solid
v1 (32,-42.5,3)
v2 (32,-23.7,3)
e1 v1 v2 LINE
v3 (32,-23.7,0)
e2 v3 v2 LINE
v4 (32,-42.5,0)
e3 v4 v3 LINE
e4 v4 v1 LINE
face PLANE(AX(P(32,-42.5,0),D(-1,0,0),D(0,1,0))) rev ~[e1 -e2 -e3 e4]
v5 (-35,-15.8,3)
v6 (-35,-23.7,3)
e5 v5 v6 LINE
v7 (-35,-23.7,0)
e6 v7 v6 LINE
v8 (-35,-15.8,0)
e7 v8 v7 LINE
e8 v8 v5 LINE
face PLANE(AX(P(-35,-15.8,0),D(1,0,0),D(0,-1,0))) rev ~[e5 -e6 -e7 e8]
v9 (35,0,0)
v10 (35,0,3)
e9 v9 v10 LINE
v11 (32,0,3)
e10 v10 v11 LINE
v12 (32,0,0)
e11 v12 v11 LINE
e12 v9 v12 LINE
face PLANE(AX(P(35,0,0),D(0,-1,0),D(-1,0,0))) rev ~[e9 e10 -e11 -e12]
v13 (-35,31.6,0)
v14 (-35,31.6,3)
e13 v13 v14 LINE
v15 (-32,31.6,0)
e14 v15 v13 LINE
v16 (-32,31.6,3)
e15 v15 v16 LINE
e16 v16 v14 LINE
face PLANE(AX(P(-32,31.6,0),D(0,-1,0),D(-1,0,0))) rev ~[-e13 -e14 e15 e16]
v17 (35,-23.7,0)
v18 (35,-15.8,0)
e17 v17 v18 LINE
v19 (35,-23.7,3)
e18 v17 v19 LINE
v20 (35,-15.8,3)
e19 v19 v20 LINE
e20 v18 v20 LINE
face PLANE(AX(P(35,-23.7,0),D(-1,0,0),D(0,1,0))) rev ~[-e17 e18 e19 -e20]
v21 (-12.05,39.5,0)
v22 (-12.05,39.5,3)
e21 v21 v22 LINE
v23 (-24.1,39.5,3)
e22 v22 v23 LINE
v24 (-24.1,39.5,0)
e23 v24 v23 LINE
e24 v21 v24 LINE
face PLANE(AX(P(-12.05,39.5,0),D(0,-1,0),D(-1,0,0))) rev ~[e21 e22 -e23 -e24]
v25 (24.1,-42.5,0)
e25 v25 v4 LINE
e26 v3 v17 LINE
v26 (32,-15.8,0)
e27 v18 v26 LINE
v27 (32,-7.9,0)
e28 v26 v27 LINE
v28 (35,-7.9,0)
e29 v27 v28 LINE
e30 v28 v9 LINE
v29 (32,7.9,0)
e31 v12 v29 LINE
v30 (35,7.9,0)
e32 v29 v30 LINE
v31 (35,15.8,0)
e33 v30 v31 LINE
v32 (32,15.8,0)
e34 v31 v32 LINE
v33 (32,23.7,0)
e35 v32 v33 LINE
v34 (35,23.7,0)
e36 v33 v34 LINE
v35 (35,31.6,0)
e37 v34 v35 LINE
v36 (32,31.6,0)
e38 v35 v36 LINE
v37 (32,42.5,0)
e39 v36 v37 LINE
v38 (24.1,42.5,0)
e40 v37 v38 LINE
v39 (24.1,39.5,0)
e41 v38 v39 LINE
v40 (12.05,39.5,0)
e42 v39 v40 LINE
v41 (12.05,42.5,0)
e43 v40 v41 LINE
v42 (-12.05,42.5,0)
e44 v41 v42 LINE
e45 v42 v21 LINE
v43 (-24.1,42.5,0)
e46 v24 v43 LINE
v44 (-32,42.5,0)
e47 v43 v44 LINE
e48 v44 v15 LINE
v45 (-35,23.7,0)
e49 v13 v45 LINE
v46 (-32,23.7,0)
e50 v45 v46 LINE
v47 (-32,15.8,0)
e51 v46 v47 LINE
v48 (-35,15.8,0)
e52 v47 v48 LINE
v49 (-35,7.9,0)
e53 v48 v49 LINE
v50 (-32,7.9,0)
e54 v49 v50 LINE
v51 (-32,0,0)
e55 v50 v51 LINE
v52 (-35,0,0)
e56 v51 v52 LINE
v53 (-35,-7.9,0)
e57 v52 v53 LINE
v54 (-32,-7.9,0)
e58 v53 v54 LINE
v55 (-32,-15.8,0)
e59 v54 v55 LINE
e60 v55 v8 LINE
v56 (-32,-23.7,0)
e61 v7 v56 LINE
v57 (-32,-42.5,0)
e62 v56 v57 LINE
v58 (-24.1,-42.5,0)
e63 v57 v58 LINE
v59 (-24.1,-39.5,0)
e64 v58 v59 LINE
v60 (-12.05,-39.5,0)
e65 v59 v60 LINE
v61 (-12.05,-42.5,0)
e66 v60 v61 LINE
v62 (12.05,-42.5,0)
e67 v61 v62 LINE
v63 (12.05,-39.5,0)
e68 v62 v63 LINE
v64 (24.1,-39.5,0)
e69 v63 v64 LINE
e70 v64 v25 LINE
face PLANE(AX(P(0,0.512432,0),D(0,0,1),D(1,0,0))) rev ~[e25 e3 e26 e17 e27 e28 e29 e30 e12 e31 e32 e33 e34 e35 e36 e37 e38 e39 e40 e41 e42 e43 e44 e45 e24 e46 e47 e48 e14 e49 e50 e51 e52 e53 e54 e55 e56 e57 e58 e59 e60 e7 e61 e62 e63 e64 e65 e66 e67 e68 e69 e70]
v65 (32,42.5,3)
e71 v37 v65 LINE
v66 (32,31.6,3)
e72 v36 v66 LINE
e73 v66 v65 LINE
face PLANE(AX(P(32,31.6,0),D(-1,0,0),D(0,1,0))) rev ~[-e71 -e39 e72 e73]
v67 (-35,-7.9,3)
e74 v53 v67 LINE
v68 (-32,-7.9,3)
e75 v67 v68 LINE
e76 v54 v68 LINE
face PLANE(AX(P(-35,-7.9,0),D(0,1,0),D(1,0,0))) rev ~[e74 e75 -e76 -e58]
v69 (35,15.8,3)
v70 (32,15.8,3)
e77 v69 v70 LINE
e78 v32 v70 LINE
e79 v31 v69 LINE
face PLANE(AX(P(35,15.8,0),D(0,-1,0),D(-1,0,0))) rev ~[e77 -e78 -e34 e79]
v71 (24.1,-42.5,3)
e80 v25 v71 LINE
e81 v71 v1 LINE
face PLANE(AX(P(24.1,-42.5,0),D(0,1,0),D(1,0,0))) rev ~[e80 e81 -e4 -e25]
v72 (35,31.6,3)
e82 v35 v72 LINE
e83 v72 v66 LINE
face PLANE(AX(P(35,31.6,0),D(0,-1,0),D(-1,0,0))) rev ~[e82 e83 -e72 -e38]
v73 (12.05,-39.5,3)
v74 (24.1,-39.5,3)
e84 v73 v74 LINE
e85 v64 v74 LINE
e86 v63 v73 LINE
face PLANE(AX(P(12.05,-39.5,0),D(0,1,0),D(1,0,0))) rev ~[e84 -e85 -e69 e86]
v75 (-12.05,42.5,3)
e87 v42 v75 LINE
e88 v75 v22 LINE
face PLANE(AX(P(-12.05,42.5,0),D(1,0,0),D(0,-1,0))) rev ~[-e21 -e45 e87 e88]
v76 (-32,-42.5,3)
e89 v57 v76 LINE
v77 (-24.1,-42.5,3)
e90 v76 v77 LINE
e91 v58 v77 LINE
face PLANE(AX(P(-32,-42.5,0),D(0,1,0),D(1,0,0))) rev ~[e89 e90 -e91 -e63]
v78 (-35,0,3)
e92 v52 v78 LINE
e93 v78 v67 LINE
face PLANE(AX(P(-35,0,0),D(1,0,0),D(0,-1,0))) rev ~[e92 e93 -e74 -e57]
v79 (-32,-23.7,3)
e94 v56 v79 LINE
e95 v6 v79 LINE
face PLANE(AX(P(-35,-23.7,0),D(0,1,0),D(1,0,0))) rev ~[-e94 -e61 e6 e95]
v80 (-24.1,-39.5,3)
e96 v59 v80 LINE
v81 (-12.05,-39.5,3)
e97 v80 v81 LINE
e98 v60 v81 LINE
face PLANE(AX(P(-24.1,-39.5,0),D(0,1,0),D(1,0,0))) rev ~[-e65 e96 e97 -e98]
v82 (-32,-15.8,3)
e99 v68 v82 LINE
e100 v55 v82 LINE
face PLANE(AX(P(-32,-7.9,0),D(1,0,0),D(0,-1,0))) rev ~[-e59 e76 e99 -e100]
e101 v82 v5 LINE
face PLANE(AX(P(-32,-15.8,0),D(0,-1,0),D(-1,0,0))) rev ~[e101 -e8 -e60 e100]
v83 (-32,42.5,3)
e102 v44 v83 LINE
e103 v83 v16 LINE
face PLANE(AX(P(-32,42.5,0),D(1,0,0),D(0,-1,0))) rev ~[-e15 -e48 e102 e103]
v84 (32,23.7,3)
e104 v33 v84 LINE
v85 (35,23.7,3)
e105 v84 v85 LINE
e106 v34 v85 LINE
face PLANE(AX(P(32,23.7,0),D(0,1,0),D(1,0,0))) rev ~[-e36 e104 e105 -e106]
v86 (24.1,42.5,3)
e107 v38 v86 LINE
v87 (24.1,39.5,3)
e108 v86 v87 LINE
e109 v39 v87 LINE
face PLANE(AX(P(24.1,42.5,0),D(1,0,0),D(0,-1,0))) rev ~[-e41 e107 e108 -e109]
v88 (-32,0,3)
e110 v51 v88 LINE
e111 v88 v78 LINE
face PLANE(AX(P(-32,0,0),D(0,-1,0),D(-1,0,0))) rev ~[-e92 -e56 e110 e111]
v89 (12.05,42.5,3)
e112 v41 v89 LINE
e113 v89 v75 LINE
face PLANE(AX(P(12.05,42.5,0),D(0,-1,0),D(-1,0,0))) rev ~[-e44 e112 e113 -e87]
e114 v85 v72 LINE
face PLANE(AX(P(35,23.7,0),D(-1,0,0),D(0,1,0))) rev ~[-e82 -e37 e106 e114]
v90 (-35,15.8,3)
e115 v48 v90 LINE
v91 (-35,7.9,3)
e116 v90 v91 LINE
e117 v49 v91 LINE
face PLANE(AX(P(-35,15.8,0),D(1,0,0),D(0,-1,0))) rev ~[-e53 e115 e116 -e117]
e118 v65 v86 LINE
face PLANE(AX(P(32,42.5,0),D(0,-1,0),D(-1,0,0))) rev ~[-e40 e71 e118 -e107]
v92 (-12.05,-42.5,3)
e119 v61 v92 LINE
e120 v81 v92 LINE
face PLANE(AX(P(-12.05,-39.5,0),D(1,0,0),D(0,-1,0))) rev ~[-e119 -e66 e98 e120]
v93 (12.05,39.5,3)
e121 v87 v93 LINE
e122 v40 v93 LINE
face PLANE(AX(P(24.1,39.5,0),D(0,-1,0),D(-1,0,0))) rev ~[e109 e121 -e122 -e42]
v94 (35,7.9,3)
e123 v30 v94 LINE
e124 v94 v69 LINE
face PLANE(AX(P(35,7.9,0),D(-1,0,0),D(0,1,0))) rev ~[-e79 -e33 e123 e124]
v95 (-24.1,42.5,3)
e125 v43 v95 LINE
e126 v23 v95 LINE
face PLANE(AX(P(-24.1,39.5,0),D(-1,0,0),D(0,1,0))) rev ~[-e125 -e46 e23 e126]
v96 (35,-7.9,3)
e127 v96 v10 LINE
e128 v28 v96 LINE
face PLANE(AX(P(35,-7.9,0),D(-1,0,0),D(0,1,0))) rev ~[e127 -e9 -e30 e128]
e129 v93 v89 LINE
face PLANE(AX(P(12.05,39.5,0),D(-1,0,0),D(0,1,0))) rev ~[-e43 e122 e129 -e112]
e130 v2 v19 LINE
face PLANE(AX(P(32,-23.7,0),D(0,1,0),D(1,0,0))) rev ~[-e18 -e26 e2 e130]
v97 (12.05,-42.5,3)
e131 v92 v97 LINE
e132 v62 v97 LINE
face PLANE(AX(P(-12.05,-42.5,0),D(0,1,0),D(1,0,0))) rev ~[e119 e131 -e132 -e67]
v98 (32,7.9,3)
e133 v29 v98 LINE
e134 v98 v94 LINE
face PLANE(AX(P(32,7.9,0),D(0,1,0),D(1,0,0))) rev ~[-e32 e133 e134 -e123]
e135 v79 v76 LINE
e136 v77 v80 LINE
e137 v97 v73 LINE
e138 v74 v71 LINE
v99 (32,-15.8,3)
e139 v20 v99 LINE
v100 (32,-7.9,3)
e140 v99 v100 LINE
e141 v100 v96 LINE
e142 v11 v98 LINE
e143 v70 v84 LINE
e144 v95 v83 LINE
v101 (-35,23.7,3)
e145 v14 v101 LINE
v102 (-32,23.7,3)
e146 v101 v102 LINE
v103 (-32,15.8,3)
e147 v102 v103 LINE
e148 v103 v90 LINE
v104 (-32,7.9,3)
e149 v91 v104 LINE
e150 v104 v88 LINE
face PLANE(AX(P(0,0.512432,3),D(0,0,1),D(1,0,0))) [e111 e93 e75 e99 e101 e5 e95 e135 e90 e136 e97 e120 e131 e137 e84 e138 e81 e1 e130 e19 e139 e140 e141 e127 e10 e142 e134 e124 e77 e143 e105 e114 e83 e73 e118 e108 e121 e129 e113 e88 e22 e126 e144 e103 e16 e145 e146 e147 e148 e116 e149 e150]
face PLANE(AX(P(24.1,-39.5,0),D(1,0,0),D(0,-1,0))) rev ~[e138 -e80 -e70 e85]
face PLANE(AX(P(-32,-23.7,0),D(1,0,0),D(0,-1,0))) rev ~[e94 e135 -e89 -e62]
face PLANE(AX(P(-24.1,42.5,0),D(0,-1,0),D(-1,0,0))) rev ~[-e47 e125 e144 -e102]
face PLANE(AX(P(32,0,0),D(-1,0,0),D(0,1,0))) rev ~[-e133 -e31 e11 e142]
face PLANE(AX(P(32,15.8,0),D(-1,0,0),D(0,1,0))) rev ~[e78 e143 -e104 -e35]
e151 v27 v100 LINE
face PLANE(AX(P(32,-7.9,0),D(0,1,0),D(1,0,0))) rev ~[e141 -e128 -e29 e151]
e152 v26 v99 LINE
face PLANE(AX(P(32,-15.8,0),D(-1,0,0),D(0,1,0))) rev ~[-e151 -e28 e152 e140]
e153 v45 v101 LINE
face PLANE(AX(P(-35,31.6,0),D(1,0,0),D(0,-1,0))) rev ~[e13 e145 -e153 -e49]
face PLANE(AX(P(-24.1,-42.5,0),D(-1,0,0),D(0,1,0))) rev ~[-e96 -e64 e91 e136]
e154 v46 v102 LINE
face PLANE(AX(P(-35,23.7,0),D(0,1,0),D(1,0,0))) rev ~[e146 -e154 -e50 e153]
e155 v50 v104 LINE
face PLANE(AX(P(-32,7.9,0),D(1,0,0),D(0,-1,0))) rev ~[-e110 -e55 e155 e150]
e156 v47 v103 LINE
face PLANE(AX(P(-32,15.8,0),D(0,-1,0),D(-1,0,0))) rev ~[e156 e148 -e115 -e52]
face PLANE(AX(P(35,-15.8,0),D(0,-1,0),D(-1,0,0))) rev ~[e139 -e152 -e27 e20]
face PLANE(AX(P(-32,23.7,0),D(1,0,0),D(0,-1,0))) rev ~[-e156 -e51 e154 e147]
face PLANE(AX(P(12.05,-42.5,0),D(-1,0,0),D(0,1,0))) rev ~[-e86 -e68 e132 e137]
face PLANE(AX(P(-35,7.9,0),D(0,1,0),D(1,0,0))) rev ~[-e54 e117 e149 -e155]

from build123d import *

# Parameters (mm, degrees)
F1_DEPTH = 3


with BuildPart() as f1:
    # F0 (on Top) → F1 (new body)
    with BuildSketch(Plane.XY):
        Polygon((-32, -39.5), (-32, -42.5), (-24.1, -42.5), (-24.1, -39.5), (-12.05, -39.5), (-12.05, -42.5), (12.05, -42.5), (12.05, -39.5), (24.1, -39.5), (24.1, -42.5), (32, -42.5), (32, -39.5), (32, -23.7), (35, -23.7), (35, -15.8), (32, -15.8), (32, -7.9), (35, -7.9), (35, 0), (32, 0), (32, 7.9), (35, 7.9), (35, 15.8), (32, 15.8), (32, 23.7), (35, 23.7), (35, 31.6), (32, 31.6), (32, 39.5), (32, 42.5), (24.1, 42.5), (24.1, 39.5), (12.05, 39.5), (12.05, 42.5), (-12.05, 42.5), (-12.05, 39.5), (-24.1, 39.5), (-24.1, 42.5), (-32, 42.5), (-32, 39.5), (-32, 31.6), (-35, 31.6), (-35, 23.7), (-32, 23.7), (-32, 15.8), (-35, 15.8), (-35, 7.9), (-32, 7.9), (-32, 0), (-35, 0), (-35, -7.9), (-32, -7.9), (-32, -15.8), (-35, -15.8), (-35, -23.7), (-32, -23.7), align=None)
    extrude(amount=F1_DEPTH)


solid = f1.part
